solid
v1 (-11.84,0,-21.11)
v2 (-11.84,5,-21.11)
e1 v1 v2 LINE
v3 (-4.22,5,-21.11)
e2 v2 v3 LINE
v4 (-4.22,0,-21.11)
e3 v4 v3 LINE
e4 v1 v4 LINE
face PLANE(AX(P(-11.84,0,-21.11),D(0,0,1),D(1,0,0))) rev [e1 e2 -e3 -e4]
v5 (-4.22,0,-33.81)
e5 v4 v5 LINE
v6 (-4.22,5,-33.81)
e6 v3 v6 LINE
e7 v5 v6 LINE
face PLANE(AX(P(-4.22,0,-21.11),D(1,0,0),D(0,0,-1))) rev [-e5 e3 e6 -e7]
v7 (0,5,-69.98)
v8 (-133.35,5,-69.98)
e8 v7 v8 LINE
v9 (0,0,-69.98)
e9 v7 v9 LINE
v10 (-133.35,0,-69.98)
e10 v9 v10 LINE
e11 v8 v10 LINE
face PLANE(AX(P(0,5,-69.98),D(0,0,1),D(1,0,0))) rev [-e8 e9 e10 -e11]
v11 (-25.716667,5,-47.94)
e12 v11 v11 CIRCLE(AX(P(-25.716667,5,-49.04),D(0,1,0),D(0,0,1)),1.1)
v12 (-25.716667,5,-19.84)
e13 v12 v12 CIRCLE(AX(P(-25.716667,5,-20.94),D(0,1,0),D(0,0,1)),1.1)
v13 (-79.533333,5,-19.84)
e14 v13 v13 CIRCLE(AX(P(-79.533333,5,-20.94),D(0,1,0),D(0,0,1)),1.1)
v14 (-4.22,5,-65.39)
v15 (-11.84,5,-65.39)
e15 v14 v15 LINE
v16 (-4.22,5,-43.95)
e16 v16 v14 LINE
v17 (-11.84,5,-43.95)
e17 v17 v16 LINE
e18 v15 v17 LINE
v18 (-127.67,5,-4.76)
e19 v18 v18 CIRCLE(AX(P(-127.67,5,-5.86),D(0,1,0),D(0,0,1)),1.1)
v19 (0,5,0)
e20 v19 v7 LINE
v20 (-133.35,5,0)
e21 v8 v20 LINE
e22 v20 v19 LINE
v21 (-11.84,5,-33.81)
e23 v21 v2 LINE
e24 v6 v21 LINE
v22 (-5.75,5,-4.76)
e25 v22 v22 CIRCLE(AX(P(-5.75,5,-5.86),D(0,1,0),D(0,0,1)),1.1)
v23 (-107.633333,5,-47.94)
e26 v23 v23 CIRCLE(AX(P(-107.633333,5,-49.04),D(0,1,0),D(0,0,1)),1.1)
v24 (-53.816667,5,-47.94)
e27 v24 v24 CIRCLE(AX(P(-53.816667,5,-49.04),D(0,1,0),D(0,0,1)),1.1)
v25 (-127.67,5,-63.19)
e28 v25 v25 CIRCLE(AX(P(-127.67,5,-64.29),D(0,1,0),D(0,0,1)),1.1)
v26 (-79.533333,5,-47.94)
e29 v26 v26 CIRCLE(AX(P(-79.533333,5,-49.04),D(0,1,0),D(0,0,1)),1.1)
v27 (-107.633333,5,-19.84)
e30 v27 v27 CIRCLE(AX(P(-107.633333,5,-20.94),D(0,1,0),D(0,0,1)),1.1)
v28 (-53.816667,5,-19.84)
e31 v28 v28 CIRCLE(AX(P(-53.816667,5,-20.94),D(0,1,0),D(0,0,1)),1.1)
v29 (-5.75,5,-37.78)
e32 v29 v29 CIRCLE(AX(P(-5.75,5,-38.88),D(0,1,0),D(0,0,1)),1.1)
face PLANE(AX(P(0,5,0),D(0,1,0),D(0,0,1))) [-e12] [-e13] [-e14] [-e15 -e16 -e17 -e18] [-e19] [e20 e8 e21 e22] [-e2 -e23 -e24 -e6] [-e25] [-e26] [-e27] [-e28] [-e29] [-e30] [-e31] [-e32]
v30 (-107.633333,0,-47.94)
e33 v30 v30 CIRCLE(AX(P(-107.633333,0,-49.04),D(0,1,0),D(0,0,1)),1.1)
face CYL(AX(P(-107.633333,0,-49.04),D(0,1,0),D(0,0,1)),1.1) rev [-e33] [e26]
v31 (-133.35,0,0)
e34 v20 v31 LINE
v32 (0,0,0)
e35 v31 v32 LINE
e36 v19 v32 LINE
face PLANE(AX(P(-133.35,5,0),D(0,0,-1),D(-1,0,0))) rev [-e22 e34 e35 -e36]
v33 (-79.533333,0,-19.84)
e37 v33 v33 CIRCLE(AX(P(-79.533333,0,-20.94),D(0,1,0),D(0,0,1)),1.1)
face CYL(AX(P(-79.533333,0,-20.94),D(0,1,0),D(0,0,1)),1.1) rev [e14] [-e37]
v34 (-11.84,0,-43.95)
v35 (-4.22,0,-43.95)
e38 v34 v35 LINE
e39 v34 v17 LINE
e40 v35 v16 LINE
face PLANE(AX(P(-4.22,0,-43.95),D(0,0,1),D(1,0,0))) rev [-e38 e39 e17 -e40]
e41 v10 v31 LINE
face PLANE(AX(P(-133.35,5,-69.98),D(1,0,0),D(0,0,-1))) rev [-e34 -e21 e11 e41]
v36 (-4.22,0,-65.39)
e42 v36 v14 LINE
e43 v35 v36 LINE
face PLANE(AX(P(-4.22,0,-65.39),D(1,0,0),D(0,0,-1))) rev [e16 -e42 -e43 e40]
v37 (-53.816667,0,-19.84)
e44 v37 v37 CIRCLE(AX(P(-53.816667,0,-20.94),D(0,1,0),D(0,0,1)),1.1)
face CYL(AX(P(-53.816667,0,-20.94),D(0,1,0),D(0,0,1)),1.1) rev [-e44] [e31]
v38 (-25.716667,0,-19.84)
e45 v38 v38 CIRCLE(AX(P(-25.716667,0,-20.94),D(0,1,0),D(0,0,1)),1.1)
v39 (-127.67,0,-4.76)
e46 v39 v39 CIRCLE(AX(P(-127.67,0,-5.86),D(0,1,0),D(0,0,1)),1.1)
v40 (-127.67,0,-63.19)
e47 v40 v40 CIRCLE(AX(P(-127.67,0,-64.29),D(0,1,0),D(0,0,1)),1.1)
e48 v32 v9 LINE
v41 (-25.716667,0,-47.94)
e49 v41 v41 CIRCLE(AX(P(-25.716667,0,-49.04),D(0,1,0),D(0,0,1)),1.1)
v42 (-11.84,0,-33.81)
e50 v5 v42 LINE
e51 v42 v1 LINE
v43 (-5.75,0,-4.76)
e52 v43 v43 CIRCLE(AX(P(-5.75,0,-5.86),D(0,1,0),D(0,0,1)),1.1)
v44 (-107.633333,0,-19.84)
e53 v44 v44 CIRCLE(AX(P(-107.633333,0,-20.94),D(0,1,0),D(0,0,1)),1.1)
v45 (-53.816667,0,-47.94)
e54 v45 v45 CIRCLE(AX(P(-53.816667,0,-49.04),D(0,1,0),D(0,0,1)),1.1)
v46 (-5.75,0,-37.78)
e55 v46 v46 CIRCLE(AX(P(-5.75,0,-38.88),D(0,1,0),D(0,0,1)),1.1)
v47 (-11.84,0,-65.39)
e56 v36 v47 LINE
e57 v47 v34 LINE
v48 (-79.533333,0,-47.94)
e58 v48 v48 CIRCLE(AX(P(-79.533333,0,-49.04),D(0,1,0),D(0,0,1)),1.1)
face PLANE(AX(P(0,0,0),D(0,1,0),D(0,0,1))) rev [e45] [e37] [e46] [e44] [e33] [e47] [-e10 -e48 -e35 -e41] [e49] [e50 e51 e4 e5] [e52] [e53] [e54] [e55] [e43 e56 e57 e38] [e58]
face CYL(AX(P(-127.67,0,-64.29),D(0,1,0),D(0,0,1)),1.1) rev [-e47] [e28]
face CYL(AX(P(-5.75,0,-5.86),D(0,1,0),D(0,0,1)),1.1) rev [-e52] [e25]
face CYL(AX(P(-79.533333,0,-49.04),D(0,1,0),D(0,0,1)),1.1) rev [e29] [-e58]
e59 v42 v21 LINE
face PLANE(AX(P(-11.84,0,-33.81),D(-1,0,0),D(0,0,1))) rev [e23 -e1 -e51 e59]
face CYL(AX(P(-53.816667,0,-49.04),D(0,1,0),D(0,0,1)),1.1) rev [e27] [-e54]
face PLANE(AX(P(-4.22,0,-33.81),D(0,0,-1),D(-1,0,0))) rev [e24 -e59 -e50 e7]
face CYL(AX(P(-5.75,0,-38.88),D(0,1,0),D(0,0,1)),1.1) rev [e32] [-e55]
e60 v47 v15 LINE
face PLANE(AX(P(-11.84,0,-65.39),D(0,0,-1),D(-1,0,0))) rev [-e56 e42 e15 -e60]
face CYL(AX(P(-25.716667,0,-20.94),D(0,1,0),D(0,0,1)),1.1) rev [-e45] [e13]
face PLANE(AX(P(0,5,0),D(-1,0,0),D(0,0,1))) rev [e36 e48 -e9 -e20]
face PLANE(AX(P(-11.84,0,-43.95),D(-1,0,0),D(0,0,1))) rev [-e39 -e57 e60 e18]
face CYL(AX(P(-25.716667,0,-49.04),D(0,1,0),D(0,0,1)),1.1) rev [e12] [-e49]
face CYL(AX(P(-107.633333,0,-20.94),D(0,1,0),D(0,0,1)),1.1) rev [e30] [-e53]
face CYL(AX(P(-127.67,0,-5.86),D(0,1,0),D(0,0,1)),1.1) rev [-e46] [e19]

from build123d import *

# Parameters (mm, degrees)
SKETCH1_W                   = 133.35
SKETCH1_H                   = 69.98
PLATFORM_THICKNESS_DEPTH    = 5
SKETCH2_R                   = 1.1
MOUNTING_HOLES_1_DEPTH      = 151.679868927
SKETCH4_R                   = 1.1
MOUNTING_HOLES_2_DEPTH      = 151.679868927
SKETCH3_W                   = 7.62
SKETCH3_H                   = 12.7
SKETCH3_H_2                 = 21.44
CABLE_MANAGEMENT_HOLE_DEPTH = 151.679868927


with BuildPart() as part:
    # Sketch1 → platform_thickness (new body)
    with BuildSketch(Plane(origin=(0, 0, 0), x_dir=(1, 0, 0), z_dir=(0, 1, 0))):
        with Locations((-66.675, 34.99)):
            Rectangle(SKETCH1_W, SKETCH1_H)
    extrude(amount=PLATFORM_THICKNESS_DEPTH)

    # Sketch2 → mounting_holes_1 (cut, through all)
    with BuildSketch(Plane(origin=(0, 5, 0), x_dir=(1, 0, 0), z_dir=(0, 1, 0))):
        with Locations(Location((-5.75, 38.88, 0), (0, 0, 270))):
            Circle(SKETCH2_R)
        with Locations(Location((-5.75, 5.86, 0), (0, 0, 270))):
            Circle(SKETCH2_R)
        with Locations(Location((-127.67, 5.86, 0), (0, 0, 270))):
            Circle(SKETCH2_R)
        with Locations(Location((-127.67, 64.29, 0), (0, 0, 270))):
            Circle(SKETCH2_R)
    extrude(amount=-MOUNTING_HOLES_1_DEPTH, mode=Mode.SUBTRACT)

    # Sketch4 → mounting_holes_2 (cut, through all)
    with BuildSketch(Plane(origin=(0, 5, 0), x_dir=(1, 0, 0), z_dir=(0, 1, 0))):
        with Locations(Location((-25.716666667, 49.04, 0), (0, 0, 270))):
            Circle(SKETCH4_R)
        with Locations(Location((-25.716666667, 20.94, 0), (0, 0, 270))):
            Circle(SKETCH4_R)
        with Locations(Location((-53.816666667, 49.04, 0), (0, 0, 270))):
            Circle(SKETCH4_R)
        with Locations(Location((-53.816666667, 20.94, 0), (0, 0, 270))):
            Circle(SKETCH4_R)
        with Locations(Location((-79.533333333, 49.04, 0), (0, 0, 270))):
            Circle(SKETCH4_R)
        with Locations(Location((-79.533333333, 20.94, 0), (0, 0, 270))):
            Circle(SKETCH4_R)
        with Locations(Location((-107.633333333, 49.04, 0), (0, 0, 270))):
            Circle(SKETCH4_R)
        with Locations(Location((-107.633333333, 20.94, 0), (0, 0, 270))):
            Circle(SKETCH4_R)
    extrude(amount=-MOUNTING_HOLES_2_DEPTH, mode=Mode.SUBTRACT)

    # Sketch3 → cable_management_hole (cut, through all)
    with BuildSketch(Plane(origin=(0, 5, 0), x_dir=(1, 0, 0), z_dir=(0, 1, 0))):
        with Locations((-8.03, 27.46)):
            Rectangle(SKETCH3_W, SKETCH3_H)
        with Locations((-8.03, 54.67)):
            Rectangle(SKETCH3_W, SKETCH3_H_2)
    extrude(amount=-CABLE_MANAGEMENT_HOLE_DEPTH, mode=Mode.SUBTRACT)


solid = part.part
